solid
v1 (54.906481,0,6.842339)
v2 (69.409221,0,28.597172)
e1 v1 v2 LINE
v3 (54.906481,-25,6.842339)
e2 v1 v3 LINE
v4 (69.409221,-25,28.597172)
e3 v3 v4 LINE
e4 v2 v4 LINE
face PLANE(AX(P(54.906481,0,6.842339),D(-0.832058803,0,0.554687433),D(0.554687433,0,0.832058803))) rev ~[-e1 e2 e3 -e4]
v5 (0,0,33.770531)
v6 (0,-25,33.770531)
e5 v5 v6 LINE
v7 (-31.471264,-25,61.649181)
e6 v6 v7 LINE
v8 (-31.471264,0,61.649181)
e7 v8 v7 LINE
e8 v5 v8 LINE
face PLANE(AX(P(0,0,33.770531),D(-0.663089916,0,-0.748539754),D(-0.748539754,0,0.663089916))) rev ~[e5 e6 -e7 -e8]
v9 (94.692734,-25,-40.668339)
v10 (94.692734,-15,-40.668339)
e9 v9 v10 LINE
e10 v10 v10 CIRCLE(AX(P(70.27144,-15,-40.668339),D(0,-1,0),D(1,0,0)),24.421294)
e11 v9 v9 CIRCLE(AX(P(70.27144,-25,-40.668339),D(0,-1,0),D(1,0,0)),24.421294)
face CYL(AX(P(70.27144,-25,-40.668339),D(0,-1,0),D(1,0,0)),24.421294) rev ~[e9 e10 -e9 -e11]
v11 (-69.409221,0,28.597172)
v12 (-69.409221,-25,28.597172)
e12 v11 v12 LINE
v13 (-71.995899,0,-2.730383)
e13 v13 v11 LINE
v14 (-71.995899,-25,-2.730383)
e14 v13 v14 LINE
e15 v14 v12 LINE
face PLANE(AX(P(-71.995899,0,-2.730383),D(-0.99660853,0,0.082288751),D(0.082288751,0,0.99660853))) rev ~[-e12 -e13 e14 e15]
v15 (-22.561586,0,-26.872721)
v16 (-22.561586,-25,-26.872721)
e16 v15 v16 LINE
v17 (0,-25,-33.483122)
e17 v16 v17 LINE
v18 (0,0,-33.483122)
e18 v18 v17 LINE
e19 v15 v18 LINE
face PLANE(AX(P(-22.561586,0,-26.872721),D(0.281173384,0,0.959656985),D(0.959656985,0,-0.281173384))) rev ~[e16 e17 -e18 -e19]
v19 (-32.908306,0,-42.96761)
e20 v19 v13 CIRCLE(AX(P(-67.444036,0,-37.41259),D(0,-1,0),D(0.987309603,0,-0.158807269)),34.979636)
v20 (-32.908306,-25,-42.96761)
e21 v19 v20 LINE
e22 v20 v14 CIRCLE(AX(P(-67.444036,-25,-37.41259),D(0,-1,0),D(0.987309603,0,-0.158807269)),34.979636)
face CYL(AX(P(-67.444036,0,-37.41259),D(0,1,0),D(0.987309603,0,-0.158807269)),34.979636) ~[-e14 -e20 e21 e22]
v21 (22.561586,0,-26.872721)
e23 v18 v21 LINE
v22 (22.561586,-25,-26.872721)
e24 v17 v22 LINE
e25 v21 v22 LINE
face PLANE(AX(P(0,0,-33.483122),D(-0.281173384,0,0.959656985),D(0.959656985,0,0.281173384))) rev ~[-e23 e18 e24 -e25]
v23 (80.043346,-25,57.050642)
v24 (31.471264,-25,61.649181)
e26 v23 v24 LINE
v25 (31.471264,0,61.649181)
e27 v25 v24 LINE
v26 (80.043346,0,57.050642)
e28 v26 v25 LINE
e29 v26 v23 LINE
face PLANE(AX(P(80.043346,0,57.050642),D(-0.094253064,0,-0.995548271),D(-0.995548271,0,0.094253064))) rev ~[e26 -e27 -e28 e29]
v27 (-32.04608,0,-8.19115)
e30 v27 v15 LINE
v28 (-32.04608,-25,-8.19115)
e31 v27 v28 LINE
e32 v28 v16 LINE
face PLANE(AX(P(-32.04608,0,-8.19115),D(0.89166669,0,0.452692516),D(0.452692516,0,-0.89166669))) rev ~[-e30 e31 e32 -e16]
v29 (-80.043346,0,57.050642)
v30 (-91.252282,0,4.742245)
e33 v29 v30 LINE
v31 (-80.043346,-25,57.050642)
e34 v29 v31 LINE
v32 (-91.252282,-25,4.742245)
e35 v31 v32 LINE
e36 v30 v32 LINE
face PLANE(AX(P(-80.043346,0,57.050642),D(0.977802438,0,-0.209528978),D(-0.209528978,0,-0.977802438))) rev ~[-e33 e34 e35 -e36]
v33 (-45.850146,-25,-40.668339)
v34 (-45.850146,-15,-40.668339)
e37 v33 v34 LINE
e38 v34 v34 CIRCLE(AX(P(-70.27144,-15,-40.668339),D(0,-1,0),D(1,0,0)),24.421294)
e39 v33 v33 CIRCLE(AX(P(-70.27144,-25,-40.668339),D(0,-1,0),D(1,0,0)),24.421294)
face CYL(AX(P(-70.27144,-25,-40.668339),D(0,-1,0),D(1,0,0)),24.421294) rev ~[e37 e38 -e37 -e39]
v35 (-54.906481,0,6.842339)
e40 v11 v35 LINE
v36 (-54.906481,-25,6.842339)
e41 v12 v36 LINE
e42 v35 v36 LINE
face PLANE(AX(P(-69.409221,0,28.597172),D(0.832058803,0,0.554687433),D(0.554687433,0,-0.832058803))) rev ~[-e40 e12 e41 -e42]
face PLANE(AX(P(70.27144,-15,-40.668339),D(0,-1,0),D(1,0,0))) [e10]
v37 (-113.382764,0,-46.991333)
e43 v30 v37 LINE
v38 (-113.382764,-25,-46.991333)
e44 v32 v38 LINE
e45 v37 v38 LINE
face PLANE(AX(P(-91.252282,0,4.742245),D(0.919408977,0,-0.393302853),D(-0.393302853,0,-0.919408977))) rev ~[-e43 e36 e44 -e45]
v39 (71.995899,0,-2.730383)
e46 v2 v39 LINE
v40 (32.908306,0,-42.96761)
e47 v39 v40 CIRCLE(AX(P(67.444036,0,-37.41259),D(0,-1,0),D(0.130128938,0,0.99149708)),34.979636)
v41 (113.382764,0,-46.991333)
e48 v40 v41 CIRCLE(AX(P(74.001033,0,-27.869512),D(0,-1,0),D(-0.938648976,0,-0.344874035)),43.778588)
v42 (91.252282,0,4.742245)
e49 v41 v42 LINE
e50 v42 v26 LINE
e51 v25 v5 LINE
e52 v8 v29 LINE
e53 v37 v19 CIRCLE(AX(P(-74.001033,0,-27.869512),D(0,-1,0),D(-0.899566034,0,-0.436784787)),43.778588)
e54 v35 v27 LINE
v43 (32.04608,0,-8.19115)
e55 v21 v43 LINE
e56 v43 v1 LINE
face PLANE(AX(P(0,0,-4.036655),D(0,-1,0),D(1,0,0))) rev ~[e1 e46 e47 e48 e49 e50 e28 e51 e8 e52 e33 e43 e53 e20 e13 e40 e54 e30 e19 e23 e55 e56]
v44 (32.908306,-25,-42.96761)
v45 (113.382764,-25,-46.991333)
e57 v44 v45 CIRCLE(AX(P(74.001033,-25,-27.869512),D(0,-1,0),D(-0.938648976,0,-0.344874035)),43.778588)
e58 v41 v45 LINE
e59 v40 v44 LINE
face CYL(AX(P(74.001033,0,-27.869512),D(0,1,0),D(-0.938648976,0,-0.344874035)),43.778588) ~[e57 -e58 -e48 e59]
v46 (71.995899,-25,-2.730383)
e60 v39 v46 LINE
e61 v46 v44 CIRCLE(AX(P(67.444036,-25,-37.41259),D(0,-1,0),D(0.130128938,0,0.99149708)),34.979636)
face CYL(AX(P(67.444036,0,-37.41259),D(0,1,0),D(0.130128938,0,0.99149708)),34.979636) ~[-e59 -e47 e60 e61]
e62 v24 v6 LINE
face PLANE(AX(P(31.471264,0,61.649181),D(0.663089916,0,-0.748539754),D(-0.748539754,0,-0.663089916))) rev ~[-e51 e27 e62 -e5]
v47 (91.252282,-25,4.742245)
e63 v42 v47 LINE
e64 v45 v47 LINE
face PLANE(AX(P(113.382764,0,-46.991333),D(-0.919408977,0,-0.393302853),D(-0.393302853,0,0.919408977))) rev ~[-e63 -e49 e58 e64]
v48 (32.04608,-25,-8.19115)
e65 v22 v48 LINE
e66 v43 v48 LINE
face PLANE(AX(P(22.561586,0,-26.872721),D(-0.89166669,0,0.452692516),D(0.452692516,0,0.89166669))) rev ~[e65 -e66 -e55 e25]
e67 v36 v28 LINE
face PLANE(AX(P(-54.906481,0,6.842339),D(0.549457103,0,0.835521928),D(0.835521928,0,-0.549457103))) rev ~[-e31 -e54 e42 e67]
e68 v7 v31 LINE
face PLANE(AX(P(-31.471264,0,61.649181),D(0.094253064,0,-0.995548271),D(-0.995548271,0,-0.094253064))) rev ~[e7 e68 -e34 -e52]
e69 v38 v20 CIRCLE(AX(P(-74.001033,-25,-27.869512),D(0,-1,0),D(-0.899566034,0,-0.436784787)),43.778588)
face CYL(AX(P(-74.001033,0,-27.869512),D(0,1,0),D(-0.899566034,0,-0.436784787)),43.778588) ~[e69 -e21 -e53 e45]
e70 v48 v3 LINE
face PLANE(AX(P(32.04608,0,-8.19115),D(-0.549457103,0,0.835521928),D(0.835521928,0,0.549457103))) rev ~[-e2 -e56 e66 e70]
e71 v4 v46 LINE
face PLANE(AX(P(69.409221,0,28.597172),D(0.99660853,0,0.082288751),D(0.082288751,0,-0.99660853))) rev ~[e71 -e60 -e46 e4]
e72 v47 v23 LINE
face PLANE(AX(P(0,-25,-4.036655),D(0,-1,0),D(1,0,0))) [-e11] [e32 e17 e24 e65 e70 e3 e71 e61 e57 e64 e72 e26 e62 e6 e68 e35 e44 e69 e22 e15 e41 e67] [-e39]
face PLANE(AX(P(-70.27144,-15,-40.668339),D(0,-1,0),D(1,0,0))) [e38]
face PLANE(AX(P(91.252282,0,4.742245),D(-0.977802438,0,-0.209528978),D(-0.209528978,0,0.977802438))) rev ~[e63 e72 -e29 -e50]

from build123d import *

# Parameters (mm, degrees)
F1_DEPTH = 25
F2_R     = 24.421294
F3_DEPTH = 10


with BuildPart() as f1:
    # F0 (on Front) → F1 (new body)
    with BuildSketch(Plane.XZ):
        with BuildLine():
            Line((31.471264, 61.649181), (0, 33.770531))
            Line((0, 33.770531), (-31.471264, 61.649181))
            Line((-31.471264, 61.649181), (-80.043346, 57.050642))
            Line((-80.043346, 57.050642), (-91.252282, 4.742245))
            Line((-91.252282, 4.742245), (-113.382764, -46.991333))
            ThreePointArc((-113.382764, -46.991333), (-71.814834, -71.593479), (-32.908306, -42.96761))
            ThreePointArc((-32.908306, -42.96761), (-42.353865, -13.03928), (-71.995899, -2.730383))
            Line((-71.995899, -2.730383), (-69.409221, 28.597172))
            Line((-69.409221, 28.597172), (-54.906481, 6.842339))
            Line((-54.906481, 6.842339), (-32.04608, -8.19115))
            Line((-32.04608, -8.19115), (-22.561586, -26.872721))
            Line((-22.561586, -26.872721), (0, -33.483122))
            Line((0, -33.483122), (22.561586, -26.872721))
            Line((22.561586, -26.872721), (32.04608, -8.19115))
            Line((32.04608, -8.19115), (54.906481, 6.842339))
            Line((54.906481, 6.842339), (69.409221, 28.597172))
            Line((69.409221, 28.597172), (71.995899, -2.730383))
            ThreePointArc((71.995899, -2.730383), (42.353865, -13.03928), (32.908306, -42.96761))
            ThreePointArc((32.908306, -42.96761), (71.814834, -71.593479), (113.382764, -46.991333))
            Line((113.382764, -46.991333), (91.252282, 4.742245))
            Line((91.252282, 4.742245), (80.043346, 57.050642))
            Line((80.043346, 57.050642), (31.471264, 61.649181))
        make_face()
    extrude(amount=F1_DEPTH)

    # F2 (on face) → F3 (cut)
    with BuildSketch(Plane.XZ.offset(25)):
        with Locations((-70.27144, -40.668339)):
            Circle(F2_R)
        with Locations((70.27144, -40.668339)):
            Circle(F2_R)
    extrude(amount=-F3_DEPTH, mode=Mode.SUBTRACT)


solid = f1.part
